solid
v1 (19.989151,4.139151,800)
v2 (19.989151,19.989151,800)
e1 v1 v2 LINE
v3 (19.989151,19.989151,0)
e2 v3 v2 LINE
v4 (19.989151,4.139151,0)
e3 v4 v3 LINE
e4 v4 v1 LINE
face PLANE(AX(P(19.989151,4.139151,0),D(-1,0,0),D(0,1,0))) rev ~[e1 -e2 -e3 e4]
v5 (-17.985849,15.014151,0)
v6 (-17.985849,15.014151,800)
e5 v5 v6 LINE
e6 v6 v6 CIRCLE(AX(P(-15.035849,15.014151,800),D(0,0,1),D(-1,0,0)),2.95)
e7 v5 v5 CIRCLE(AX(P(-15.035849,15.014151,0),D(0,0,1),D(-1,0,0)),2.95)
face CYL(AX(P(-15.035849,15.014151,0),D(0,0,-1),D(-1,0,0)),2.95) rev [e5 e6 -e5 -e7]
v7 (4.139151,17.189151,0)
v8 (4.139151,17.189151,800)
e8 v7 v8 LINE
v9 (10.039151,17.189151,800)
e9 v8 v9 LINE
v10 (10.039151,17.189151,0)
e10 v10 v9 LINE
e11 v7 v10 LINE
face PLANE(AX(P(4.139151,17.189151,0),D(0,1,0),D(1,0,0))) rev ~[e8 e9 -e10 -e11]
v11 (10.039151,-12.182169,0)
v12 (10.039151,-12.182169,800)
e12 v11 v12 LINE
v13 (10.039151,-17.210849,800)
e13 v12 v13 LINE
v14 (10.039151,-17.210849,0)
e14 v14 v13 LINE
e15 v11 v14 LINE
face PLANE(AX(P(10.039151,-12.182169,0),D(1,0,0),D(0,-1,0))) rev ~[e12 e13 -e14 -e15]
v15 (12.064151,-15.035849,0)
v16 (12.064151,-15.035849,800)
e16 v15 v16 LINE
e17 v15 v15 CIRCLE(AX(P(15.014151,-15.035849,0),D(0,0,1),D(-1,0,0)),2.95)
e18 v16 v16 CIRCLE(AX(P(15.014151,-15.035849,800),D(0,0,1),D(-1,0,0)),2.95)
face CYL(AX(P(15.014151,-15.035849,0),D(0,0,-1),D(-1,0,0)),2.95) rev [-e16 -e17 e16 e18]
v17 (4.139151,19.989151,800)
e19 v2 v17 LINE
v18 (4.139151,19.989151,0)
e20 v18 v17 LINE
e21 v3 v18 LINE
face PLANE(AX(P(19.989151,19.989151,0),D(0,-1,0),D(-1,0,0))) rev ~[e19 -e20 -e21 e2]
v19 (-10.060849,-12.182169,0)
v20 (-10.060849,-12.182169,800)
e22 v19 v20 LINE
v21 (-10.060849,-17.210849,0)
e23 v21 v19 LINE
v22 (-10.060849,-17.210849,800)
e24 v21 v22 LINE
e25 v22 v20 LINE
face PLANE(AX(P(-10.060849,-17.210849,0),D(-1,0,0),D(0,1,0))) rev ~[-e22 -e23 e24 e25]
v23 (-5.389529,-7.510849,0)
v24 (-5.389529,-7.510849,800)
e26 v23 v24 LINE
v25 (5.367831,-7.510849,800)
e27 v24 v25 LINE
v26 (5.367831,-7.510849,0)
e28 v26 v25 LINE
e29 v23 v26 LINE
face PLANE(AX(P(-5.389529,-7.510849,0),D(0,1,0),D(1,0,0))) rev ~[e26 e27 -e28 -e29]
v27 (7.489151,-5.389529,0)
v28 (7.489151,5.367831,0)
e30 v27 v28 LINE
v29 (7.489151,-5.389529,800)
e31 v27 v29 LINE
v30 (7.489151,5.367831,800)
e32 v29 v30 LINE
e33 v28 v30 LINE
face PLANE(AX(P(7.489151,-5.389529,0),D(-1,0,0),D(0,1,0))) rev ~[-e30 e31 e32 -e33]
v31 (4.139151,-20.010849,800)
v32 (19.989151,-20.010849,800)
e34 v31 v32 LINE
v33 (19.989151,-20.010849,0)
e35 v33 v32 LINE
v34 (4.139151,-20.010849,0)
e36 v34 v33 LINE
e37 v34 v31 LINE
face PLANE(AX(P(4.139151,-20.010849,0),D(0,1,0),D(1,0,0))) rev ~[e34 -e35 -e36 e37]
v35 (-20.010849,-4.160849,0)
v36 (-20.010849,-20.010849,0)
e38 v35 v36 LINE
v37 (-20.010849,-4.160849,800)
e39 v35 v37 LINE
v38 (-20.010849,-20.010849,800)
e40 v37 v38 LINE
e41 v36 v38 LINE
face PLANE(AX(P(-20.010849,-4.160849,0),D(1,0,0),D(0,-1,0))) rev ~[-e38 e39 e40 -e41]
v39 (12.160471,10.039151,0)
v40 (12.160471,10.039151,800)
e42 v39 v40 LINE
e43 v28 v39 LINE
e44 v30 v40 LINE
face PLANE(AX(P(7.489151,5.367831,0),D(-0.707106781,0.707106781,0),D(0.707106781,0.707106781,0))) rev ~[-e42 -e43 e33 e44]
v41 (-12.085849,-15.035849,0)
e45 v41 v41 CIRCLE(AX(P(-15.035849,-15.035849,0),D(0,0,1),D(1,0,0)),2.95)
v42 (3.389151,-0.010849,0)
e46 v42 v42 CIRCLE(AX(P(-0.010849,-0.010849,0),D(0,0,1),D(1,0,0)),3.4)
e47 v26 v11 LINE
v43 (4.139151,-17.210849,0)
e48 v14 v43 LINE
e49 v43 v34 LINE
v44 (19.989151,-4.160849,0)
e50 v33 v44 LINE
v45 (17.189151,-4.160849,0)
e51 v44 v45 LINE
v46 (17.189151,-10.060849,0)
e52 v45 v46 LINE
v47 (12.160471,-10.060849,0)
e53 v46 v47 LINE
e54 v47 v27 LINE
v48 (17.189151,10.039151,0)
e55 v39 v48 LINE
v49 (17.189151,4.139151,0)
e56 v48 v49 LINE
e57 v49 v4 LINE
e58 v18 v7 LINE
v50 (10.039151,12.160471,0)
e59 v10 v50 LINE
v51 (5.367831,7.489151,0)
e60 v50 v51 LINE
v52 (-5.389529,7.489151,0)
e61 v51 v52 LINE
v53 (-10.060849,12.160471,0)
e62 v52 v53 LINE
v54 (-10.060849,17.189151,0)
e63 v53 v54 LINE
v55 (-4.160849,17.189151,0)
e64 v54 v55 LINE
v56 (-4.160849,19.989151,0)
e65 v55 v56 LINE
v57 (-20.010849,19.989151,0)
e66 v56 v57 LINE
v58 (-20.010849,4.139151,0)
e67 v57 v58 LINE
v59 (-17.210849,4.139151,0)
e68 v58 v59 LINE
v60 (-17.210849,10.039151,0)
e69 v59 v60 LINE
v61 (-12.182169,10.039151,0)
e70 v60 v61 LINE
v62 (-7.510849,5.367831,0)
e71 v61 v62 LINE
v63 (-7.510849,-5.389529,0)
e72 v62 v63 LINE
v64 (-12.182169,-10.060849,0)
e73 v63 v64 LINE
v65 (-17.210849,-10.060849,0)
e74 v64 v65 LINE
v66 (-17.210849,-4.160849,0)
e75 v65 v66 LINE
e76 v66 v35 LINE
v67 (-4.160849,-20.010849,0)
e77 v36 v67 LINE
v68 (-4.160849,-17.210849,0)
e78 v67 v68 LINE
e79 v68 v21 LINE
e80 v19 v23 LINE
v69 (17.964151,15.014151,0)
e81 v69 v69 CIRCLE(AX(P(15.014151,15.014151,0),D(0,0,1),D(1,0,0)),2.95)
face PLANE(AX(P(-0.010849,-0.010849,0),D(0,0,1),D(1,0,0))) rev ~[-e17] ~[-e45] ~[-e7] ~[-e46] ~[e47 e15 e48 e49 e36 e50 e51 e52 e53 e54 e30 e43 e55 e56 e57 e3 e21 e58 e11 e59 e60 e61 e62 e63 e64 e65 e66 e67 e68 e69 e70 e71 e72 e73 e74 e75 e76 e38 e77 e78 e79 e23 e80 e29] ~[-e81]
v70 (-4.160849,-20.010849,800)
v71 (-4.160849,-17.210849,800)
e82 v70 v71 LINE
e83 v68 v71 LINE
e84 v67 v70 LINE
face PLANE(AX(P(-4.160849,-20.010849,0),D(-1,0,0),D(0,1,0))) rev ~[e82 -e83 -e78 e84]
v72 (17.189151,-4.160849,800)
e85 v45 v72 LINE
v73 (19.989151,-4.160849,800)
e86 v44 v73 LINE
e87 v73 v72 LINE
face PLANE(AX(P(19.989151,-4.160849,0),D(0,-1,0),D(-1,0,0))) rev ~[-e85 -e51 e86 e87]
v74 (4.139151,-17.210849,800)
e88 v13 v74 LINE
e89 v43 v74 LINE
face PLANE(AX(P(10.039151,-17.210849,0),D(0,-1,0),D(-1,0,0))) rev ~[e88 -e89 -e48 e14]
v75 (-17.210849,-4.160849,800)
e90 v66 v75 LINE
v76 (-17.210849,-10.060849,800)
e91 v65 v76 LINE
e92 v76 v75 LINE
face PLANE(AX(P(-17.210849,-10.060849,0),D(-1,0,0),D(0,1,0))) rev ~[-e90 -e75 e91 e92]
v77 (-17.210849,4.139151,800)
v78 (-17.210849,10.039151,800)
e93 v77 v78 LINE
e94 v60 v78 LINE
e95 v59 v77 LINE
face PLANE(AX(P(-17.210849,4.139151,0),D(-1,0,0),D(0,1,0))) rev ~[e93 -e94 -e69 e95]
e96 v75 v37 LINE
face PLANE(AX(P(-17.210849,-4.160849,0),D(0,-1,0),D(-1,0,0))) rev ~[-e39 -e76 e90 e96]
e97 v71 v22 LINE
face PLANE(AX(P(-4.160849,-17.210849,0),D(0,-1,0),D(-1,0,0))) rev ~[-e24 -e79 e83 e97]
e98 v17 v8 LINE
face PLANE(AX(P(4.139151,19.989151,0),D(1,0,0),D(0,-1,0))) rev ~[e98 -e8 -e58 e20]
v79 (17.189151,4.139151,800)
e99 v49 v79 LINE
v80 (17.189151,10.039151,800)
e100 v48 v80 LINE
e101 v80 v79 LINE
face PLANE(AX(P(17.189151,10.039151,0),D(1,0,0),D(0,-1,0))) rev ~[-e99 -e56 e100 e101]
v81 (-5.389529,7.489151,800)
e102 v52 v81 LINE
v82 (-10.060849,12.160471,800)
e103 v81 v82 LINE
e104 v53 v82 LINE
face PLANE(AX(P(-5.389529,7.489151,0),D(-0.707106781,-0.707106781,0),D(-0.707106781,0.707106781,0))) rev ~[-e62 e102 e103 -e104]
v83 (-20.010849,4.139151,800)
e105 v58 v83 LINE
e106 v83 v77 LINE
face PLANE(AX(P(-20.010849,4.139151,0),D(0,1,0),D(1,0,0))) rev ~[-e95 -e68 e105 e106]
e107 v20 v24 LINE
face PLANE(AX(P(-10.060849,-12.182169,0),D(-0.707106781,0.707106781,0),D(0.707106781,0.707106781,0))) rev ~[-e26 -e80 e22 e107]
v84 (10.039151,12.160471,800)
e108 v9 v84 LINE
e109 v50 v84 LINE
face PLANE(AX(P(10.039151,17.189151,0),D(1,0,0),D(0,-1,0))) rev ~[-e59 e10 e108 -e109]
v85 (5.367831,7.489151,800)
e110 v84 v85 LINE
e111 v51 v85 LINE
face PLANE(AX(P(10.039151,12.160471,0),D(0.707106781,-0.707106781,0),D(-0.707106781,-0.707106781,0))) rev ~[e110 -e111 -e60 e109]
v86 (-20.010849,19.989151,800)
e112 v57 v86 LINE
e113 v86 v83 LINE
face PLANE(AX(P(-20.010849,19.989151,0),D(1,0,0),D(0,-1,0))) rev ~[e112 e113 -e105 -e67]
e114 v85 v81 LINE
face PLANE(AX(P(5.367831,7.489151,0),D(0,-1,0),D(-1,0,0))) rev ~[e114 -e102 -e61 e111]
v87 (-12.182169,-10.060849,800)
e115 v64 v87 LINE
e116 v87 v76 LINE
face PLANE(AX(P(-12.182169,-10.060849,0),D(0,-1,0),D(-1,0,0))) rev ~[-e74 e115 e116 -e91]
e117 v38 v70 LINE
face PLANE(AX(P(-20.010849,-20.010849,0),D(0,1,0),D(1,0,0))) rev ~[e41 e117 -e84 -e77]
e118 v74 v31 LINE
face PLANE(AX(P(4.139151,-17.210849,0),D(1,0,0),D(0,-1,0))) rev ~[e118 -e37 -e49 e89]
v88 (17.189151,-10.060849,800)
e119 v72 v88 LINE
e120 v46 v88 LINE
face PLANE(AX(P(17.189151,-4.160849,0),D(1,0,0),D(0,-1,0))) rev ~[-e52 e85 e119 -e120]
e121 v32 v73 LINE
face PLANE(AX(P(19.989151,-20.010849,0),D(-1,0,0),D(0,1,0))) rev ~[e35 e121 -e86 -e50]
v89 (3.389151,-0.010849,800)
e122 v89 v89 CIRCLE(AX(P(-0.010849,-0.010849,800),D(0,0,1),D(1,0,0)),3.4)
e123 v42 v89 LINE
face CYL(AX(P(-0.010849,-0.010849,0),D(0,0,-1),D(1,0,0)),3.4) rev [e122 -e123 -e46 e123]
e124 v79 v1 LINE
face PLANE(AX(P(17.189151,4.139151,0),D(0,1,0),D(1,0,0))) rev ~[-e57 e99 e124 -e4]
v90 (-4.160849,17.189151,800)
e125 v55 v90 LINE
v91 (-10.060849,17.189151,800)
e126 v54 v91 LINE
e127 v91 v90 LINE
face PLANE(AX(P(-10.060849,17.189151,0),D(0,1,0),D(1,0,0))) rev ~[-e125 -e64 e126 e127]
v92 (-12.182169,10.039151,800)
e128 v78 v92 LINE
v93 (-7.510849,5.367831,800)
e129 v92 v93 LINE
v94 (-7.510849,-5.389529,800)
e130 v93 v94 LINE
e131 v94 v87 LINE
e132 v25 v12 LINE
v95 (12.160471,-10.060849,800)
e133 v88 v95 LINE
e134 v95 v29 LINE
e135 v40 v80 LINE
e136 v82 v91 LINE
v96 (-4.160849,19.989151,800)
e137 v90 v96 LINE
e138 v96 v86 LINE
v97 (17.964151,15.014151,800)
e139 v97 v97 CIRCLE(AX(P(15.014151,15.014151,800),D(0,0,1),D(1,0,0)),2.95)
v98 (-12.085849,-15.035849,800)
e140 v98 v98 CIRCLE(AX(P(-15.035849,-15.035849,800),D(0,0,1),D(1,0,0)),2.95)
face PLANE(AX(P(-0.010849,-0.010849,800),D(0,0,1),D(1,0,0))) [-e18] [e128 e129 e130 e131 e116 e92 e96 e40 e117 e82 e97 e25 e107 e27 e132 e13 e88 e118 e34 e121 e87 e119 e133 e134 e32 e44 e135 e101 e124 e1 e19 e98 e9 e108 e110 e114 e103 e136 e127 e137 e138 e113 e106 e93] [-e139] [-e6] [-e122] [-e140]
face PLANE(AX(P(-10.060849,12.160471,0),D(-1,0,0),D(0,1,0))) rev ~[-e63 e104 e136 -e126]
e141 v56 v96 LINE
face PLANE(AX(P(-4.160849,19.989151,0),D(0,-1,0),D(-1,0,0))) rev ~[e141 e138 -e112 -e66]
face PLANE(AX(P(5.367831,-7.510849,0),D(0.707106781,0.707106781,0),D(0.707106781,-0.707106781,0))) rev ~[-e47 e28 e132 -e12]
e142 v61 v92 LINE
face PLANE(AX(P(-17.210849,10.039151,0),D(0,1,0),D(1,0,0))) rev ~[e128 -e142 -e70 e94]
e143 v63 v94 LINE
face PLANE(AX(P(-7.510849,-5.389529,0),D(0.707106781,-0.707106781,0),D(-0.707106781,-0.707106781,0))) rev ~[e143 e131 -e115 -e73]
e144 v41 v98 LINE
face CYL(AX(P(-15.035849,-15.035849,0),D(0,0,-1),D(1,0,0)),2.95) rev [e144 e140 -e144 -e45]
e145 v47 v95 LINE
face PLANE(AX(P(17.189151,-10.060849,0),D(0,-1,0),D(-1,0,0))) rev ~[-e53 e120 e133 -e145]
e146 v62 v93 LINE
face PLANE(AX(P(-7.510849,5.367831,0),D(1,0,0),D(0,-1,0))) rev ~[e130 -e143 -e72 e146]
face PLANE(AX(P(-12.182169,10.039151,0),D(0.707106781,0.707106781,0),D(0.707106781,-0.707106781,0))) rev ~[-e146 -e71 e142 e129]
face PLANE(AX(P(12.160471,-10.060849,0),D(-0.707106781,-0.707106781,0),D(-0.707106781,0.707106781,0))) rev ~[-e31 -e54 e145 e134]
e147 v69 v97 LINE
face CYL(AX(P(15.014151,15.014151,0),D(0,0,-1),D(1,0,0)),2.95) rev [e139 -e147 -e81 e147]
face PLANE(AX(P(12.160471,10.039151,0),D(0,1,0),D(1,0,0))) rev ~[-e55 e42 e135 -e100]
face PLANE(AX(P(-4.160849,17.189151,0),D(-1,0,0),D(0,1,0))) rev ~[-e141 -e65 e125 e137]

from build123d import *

# Parameters (mm, degrees)
SKETCH_1_R      = 3.4
SKETCH_1_R_2    = 2.95
EXTRUDE_1_DEPTH = 800


with BuildPart() as part:
    # 草图1 → 凸台-拉伸1 (new body)
    with BuildSketch(Plane.XY):
        Polygon((-5.389528684, -7.510849028), (5.367830629, -7.510849028), (10.039150972, -12.182169371), (10.039150972, -17.210849028), (4.139150972, -17.210849028), (4.139150972, -20.010849028), (19.989150972, -20.010849028), (19.989150972, -4.160849028), (17.189150972, -4.160849028), (17.189150972, -10.060849028), (12.160471316, -10.060849028), (7.489150972, -5.389528684), (7.489150972, 5.367830629), (12.160471316, 10.039150972), (17.189150972, 10.039150972), (17.189150972, 4.139150972), (19.989150972, 4.139150972), (19.989150972, 19.989150972), (4.139150972, 19.989150972), (4.139150972, 17.189150972), (10.039150972, 17.189150972), (10.039150972, 12.160471316), (5.367830629, 7.489150972), (-5.389528684, 7.489150972), (-10.060849028, 12.160471316), (-10.060849028, 17.189150972), (-4.160849028, 17.189150972), (-4.160849028, 19.989150972), (-20.010849028, 19.989150972), (-20.010849028, 4.139150972), (-17.210849028, 4.139150972), (-17.210849028, 10.039150972), (-12.182169371, 10.039150972), (-7.510849028, 5.367830629), (-7.510849028, -5.389528684), (-12.182169371, -10.060849028), (-17.210849028, -10.060849028), (-17.210849028, -4.160849028), (-20.010849028, -4.160849028), (-20.010849028, -20.010849028), (-4.160849028, -20.010849028), (-4.160849028, -17.210849028), (-10.060849028, -17.210849028), (-10.060849028, -12.182169371), align=None)
        with Locations((-0.010849028, -0.010849028)):
            Circle(SKETCH_1_R, mode=Mode.SUBTRACT)
        with Locations((15.014150972, 15.014150972)):
            Circle(SKETCH_1_R_2, mode=Mode.SUBTRACT)
        with Locations(Location((-15.035849028, 15.014150972, 0), (0, 0, 180))):
            Circle(SKETCH_1_R_2, mode=Mode.SUBTRACT)
        with Locations((-15.035849028, -15.035849028)):
            Circle(SKETCH_1_R_2, mode=Mode.SUBTRACT)
        with Locations(Location((15.014150972, -15.035849028, 0), (0, 0, 180))):
            Circle(SKETCH_1_R_2, mode=Mode.SUBTRACT)
    extrude(amount=EXTRUDE_1_DEPTH)


solid = part.part
